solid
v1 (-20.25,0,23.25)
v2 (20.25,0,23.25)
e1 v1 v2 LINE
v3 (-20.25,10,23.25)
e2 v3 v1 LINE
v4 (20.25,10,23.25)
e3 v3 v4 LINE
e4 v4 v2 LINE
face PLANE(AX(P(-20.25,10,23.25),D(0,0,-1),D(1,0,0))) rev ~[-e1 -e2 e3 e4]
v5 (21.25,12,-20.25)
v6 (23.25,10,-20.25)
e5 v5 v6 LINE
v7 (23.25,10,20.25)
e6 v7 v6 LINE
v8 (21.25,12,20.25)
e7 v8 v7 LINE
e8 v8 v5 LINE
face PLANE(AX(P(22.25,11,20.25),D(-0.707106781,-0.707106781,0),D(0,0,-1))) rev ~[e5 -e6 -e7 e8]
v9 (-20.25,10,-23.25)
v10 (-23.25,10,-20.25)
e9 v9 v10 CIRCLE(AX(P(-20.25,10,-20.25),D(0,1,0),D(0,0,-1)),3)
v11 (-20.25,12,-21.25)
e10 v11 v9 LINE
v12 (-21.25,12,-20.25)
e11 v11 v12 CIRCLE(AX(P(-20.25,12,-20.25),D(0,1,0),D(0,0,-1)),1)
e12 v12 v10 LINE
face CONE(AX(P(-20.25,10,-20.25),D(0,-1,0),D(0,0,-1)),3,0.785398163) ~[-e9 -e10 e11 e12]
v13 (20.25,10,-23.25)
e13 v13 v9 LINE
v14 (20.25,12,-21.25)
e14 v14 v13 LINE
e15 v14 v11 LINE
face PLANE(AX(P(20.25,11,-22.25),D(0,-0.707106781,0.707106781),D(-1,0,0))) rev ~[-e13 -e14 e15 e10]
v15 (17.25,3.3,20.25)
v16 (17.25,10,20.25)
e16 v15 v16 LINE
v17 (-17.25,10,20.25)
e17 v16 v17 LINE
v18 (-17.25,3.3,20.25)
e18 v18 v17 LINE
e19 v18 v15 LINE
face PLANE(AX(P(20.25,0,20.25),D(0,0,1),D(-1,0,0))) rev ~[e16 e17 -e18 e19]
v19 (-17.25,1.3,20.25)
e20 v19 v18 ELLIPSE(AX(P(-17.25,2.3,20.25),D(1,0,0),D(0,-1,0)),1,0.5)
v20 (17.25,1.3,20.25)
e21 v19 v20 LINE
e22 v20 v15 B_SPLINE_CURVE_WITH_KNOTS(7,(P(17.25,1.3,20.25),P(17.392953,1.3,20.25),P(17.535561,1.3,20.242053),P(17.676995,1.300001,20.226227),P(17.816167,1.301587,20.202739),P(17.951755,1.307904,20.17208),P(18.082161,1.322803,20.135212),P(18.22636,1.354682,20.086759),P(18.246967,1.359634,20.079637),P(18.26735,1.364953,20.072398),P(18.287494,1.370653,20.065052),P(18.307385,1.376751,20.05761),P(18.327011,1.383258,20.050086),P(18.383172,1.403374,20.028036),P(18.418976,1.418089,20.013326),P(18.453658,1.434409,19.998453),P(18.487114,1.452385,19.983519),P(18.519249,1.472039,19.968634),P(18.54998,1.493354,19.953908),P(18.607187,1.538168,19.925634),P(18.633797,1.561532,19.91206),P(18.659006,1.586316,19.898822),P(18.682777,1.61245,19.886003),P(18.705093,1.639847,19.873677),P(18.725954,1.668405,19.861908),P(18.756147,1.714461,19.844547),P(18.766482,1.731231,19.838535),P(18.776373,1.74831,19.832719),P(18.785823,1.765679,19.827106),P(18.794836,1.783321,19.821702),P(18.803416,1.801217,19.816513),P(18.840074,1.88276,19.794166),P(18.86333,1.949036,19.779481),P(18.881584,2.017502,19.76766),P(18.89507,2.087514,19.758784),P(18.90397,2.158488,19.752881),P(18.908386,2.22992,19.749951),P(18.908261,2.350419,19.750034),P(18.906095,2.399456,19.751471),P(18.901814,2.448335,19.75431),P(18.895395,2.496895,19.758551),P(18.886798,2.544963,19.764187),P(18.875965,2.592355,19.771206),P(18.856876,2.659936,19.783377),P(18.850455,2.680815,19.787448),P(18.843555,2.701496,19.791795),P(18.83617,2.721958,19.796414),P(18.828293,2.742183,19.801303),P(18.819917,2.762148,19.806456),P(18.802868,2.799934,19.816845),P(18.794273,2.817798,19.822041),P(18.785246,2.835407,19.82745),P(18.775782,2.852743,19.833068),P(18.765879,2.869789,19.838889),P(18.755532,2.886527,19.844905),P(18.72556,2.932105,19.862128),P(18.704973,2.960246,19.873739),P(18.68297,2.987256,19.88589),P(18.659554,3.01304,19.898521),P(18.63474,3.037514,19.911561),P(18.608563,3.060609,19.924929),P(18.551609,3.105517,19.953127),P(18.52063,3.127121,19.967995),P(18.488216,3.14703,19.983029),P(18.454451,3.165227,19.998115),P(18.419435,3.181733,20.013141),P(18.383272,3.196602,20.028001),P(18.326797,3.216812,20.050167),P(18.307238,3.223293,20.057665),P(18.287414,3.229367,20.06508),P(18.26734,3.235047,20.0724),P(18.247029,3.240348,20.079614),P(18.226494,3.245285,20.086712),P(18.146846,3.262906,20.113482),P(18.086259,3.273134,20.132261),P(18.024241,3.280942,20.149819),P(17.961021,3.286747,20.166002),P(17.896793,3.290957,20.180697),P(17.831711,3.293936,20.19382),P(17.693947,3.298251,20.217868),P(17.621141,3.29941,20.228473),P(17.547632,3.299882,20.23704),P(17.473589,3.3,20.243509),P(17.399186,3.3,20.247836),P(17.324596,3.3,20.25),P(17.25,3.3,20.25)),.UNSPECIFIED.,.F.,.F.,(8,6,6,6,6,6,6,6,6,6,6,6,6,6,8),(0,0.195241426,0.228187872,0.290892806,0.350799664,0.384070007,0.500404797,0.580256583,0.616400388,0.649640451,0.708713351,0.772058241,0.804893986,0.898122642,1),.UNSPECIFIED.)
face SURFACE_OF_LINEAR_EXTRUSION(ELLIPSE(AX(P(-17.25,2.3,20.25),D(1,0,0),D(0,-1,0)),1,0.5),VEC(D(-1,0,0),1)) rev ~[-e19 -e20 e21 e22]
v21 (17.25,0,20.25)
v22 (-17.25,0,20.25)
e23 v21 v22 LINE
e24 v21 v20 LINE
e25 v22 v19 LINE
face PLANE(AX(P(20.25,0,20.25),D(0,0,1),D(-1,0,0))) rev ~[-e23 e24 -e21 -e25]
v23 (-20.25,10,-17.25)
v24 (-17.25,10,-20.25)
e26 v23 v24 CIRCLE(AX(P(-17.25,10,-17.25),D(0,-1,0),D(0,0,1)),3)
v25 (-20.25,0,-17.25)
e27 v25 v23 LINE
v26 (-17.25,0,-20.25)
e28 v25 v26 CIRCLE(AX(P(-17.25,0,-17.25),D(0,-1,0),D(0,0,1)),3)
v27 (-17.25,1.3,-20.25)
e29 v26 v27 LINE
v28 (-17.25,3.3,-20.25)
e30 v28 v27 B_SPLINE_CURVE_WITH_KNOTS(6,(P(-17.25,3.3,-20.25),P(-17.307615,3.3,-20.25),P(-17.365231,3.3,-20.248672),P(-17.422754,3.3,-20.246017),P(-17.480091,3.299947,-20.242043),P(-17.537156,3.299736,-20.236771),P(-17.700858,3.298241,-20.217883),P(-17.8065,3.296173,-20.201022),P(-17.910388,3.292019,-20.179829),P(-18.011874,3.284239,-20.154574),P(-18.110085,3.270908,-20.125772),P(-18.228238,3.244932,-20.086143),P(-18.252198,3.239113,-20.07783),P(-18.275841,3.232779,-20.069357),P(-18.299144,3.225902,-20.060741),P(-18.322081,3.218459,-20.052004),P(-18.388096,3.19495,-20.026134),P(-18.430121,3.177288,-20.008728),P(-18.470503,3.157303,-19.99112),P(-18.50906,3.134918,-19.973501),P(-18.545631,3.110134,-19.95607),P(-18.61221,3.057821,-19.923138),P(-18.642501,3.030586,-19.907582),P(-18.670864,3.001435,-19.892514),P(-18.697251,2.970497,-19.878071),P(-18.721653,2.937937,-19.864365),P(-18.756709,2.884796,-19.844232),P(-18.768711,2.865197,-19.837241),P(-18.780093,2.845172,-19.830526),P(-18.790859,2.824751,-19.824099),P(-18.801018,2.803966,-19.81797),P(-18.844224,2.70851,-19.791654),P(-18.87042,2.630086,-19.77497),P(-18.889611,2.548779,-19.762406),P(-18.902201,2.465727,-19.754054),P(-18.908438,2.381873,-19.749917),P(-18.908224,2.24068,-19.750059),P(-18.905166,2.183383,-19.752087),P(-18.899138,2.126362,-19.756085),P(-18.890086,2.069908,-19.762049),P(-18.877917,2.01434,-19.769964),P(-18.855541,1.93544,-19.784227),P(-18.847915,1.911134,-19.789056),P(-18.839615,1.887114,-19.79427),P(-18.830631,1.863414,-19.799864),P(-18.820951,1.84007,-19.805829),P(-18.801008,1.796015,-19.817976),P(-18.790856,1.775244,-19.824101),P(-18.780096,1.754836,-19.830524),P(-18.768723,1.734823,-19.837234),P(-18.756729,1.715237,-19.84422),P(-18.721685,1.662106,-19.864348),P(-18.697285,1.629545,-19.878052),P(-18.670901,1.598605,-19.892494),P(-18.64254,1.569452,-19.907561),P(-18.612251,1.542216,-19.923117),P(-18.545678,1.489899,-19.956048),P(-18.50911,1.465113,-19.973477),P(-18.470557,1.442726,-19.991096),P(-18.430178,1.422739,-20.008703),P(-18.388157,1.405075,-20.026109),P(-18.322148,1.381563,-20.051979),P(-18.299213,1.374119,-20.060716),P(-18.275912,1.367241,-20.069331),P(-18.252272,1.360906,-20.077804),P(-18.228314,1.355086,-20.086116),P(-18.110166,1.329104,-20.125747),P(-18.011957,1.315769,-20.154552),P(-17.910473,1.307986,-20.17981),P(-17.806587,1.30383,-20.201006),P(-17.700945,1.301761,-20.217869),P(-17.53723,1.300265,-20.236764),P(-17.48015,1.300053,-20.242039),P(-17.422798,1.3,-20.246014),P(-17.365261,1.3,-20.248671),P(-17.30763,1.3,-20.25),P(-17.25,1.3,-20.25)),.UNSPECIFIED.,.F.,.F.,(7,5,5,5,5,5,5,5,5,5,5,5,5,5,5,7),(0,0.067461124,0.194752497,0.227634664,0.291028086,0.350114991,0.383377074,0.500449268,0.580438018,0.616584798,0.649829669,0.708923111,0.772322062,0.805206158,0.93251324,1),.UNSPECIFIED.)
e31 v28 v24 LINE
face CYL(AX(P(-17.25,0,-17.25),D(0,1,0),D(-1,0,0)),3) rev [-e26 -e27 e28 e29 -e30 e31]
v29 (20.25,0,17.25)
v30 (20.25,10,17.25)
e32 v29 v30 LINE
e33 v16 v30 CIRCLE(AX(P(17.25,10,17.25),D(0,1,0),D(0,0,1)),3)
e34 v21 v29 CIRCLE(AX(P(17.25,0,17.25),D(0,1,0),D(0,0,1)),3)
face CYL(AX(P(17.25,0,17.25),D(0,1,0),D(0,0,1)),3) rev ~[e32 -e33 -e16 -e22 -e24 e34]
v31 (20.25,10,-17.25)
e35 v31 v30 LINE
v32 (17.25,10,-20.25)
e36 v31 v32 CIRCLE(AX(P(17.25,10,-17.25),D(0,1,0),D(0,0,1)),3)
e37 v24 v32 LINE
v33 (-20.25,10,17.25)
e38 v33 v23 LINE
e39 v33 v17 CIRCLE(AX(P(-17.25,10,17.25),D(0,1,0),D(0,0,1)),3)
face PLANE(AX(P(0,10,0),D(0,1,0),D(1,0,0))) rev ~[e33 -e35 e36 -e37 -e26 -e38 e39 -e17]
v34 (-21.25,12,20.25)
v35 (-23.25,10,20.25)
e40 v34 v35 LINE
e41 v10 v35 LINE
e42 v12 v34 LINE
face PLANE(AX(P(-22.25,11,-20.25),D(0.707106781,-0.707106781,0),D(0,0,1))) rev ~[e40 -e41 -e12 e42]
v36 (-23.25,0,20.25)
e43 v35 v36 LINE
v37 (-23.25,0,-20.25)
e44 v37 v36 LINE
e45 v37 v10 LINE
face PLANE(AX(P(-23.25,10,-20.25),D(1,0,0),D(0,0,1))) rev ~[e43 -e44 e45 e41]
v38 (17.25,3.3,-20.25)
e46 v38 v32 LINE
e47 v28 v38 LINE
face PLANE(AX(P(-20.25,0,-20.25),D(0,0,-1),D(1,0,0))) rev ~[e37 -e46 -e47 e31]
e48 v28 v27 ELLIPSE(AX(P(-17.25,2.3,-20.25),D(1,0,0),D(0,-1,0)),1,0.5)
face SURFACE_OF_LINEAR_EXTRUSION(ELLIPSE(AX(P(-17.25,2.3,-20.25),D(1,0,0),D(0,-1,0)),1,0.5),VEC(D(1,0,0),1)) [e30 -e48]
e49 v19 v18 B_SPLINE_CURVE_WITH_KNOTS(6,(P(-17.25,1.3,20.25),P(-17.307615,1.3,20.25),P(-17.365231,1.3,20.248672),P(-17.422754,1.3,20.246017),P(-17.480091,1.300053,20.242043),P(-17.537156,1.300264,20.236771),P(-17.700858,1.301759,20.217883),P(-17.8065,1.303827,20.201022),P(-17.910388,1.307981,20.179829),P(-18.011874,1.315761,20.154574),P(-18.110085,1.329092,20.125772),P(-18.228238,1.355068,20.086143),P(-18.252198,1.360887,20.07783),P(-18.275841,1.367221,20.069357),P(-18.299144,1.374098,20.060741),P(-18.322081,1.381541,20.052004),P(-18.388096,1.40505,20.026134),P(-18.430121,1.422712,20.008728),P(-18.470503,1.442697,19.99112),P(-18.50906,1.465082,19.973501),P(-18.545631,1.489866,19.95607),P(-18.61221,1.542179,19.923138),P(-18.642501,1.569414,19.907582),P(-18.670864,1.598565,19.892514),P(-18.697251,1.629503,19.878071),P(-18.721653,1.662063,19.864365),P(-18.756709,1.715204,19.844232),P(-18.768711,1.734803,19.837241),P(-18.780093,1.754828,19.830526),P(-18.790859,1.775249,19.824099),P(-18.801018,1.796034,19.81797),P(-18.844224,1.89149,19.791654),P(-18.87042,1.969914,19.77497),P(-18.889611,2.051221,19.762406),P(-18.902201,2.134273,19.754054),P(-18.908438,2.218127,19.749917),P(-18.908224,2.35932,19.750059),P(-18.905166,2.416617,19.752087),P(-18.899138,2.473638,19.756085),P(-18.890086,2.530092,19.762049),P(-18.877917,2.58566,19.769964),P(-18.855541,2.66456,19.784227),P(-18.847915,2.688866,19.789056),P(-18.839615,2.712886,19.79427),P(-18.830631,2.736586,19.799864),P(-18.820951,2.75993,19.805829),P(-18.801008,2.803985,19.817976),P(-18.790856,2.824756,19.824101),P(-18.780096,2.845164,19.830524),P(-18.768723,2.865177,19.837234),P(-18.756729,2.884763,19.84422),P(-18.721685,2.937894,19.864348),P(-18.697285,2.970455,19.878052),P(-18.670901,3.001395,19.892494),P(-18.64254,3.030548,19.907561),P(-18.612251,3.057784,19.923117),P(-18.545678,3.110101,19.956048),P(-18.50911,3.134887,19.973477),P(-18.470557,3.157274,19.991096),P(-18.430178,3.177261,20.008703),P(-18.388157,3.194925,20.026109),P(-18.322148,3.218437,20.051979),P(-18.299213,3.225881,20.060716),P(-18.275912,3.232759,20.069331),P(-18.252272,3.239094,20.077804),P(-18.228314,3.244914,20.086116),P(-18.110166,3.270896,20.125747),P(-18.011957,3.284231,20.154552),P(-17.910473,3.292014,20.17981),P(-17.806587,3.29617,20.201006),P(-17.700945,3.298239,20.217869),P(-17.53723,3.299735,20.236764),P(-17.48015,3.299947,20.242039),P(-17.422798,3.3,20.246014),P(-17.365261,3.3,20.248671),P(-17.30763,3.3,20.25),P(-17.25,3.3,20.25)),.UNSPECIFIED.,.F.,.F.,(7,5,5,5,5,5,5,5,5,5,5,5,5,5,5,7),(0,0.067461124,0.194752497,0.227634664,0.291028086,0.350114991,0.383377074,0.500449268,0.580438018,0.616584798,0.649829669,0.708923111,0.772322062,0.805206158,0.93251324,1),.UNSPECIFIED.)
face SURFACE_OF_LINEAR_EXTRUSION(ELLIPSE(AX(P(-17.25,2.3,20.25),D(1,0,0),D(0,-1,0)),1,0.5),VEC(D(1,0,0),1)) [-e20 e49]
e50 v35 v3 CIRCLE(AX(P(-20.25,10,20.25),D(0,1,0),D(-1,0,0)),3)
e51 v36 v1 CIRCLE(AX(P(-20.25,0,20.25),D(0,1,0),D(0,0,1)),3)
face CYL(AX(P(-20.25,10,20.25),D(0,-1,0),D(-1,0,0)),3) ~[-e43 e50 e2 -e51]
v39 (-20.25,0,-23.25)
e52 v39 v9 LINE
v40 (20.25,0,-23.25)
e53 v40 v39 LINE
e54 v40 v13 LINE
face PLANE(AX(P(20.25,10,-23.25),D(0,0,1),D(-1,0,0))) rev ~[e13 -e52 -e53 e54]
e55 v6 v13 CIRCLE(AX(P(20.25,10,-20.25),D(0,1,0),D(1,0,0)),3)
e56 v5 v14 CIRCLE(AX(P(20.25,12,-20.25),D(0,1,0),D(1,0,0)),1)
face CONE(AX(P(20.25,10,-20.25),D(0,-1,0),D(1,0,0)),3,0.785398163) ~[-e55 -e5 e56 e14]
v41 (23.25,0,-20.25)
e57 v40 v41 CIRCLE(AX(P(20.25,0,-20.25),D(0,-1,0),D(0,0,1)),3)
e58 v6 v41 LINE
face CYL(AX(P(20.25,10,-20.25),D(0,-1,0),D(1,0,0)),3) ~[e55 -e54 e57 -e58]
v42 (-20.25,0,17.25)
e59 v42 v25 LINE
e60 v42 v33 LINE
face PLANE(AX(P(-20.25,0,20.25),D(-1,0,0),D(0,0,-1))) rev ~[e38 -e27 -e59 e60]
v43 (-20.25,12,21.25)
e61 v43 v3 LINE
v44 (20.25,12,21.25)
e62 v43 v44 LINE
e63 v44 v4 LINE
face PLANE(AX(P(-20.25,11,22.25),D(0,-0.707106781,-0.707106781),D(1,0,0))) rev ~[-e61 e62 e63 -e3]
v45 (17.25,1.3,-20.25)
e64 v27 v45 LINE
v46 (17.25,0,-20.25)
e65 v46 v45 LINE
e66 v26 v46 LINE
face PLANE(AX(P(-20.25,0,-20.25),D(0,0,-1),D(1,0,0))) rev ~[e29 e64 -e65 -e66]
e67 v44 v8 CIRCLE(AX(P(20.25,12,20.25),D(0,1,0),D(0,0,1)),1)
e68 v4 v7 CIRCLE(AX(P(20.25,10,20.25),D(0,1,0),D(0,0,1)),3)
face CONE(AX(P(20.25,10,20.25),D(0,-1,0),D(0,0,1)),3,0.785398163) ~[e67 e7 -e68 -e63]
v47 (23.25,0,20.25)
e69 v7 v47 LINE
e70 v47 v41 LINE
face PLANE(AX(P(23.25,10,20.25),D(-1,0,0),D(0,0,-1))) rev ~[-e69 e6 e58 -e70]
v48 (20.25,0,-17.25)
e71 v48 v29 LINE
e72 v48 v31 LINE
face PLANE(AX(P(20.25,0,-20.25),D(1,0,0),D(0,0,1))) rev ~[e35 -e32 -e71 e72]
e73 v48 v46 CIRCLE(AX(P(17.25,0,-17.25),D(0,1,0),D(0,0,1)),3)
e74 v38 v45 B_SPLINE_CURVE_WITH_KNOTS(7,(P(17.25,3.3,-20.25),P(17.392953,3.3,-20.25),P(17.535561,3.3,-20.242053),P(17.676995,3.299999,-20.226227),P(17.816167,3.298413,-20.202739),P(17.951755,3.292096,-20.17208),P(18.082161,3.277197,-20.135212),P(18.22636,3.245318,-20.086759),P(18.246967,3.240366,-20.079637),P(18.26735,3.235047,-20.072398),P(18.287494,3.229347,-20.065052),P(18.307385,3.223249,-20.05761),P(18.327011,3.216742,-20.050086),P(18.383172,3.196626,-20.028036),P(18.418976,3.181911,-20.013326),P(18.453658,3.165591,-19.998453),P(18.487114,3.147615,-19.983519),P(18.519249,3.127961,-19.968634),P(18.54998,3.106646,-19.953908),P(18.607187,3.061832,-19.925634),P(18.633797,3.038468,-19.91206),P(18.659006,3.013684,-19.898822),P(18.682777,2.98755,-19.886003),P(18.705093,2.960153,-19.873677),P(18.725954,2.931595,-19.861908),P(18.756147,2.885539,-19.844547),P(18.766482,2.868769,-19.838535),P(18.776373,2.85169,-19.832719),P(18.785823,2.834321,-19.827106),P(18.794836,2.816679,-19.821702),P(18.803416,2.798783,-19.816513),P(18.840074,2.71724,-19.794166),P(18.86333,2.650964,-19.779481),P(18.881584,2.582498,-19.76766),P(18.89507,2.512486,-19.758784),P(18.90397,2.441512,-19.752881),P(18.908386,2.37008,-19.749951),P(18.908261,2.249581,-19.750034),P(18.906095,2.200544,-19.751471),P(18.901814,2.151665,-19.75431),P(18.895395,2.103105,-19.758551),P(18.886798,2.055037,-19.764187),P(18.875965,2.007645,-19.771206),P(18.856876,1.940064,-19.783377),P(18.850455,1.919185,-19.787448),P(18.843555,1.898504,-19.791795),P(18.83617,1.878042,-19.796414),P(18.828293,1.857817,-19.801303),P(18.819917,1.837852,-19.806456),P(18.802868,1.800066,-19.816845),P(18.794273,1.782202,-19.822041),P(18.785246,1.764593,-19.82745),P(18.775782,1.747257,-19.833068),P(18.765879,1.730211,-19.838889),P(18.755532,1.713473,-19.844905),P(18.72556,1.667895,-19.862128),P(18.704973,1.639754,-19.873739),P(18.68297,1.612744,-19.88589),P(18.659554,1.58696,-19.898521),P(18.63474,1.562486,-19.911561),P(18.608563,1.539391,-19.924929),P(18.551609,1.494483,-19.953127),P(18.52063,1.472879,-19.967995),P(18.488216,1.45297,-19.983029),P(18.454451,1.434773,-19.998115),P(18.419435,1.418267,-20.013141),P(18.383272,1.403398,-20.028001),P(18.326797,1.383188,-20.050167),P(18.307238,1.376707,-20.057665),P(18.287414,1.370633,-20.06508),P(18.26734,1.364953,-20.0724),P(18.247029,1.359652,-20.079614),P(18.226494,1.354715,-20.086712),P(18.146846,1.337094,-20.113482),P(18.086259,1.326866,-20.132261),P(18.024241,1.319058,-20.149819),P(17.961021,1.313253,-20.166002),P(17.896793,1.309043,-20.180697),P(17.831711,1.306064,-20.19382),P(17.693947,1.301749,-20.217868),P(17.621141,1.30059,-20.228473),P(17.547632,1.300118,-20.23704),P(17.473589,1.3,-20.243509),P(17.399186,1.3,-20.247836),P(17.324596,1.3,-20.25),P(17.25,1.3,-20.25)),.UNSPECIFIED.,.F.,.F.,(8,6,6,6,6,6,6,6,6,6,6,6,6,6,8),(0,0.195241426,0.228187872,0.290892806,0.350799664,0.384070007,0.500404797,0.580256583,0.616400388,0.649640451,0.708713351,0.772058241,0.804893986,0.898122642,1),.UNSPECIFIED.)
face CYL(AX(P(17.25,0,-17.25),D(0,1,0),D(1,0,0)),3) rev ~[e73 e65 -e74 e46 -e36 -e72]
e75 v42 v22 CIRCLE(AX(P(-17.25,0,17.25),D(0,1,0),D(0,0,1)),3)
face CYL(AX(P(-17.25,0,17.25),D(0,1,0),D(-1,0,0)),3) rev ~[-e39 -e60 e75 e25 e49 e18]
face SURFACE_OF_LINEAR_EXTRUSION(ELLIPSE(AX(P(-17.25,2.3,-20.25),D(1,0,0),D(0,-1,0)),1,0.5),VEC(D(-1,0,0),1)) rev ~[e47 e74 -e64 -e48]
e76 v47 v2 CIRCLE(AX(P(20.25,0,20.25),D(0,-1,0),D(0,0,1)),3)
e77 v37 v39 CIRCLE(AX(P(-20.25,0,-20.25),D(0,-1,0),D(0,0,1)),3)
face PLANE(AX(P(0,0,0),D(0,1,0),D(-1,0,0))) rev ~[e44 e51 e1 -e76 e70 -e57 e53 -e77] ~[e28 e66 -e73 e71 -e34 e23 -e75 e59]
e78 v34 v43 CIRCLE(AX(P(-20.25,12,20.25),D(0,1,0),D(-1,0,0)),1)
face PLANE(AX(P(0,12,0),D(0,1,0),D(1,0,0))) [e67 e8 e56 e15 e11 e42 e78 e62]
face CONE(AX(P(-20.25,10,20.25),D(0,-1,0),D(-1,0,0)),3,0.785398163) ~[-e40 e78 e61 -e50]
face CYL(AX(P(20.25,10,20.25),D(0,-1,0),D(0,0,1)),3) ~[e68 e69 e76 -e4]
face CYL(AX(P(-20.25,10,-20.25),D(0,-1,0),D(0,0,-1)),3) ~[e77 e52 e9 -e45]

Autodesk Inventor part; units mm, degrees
ref_plane "YZ Plane" through (0, 0, 0) normal (1, 0, 0) x (0, 1, 0)
ref_plane "XZ Plane" through (0, 0, 0) normal (0, 1, 0) x (-1, 0, 0)
ref_plane "XY Plane" through (0, 0, 0) normal (0, 0, 1) x (1, 0, 0)
sketch "Sketch1" plane through (0, 0, 0) normal (0, 1, 0) x (-1, 0, 0)
  line L0 (20.25, -20.25) -> (-20.25, -20.25)
  line L1 (-20.25, -20.25) -> (-20.25, 20.25)
  line L2 (-20.25, 20.25) -> (20.25, 20.25)
  line L3 (20.25, 20.25) -> (20.25, -20.25)
  line L4 (23.25, 23.25) -> (-23.25, 23.25)
  line L5 (-23.25, 23.25) -> (-23.25, -23.25)
  line L6 (-23.25, -23.25) -> (23.25, -23.25)
  line L7 (23.25, -23.25) -> (23.25, 23.25)
  point P0 (0, 0)
  point P1 (20.25, 0)
  point P2 (0, -20.25)
  point P3 (23.25, 0)
  point P4 (0, -23.25)
  dimension "d0" = 40.5
  dimension "d1" = 40.5
  dimension "d2" = 46.5
  dimension "d3" = 46.5
extrude "Extrusion1" add sketch "Sketch1" along normal blind 10
fillet "Fillet1" radius 3 8 edges at (-23.25, 5, 23.25) (23.25, 5, 23.25) (23.25, 5, -23.25) (-23.25, 5, -23.25) (-20.25, 5, -20.25) (-20.25, 5, 20.25) (20.25, 5, 20.25) (20.25, 5, -20.25)
ref_plane "Arbeitsebene3" through (-17.25, 0, -20.25) normal (1, 0, 0) x (0, 1, 0)
sketch "Skizze10" plane through (0, 10, 0) normal (0, 1, 0) x (1, 0, 0)
  line L0 (20.25, 23.25) -> (-20.25, 23.25) projected
  arc A0 (-20.25, 23.25) -> (-23.25, 20.25) centre (-20.25, 20.25) ccw projected
  line L1 (-23.25, 20.25) -> (-23.25, -20.25) projected
  arc A1 (-23.25, -20.25) -> (-20.25, -23.25) centre (-20.25, -20.25) ccw projected
  line L2 (-20.25, -23.25) -> (20.25, -23.25) projected
  arc A2 (20.25, -23.25) -> (23.25, -20.25) centre (20.25, -20.25) ccw projected
  line L3 (23.25, -20.25) -> (23.25, 20.25) projected
  arc A3 (23.25, 20.25) -> (20.25, 23.25) centre (20.25, 20.25) ccw projected
  line L4 (-20.25, 23.25) -> (20.25, 23.25)
  line L5 (23.25, 20.25) -> (23.25, -20.25)
  line L6 (20.25, -23.25) -> (-20.25, -23.25)
  line L7 (-23.25, -20.25) -> (-23.25, 20.25)
  arc A4 (-20.25, 23.25) -> (-23.25, 20.25) centre (-20.25, 20.25) ccw
  arc A5 (23.25, 20.25) -> (20.25, 23.25) centre (20.25, 20.25) ccw
  arc A6 (20.25, -23.25) -> (23.25, -20.25) centre (20.25, -20.25) ccw
  arc A7 (-23.25, -20.25) -> (-20.25, -23.25) centre (-20.25, -20.25) ccw
  line L8 (-20.25, -23.25) -> (20.25, -23.25)
  point P0 (0, 0)
extrude "Extrusion6" add sketch "Skizze10" along normal blind 2
sketch "Skizze9" plane through (-17.25, 0, -20.25) normal (1, 0, 0) x (0, 1, 0)
  line L0 (12, 0) -> (0, 0) construction
  line L1 (6.2, 0) -> (6.2, 0.8787) construction
  line L2 (3.3, 0) -> (1.3, 0)
  line L3 (10, 3) -> (10, 37.5) projected
  line L4 (10, 20.25) -> (0, 20.25)
  line L5 (10, 40.5) -> (0, 40.5) construction
  ellipse E0 centre (2.3, 0) end of major axis (1.3, 0) minor radius 0.5
  line L6 (3.3, 0) -> (1.3, 0)
  line L7 (10, 40.5) -> (0, 40.5) construction
  line L8 (3.3, 40.5) -> (1.3, 40.5)
  ellipse E1 centre (2.3, 40.5) end of major axis (1.3, 40.5) minor radius 0.5
  point P0 (4.6, 0)
  point P1 (10, 0)
  point P2 (6.2, 3)
  point P3 (6.2, 15.294)
  point P4 (2.3, 0.5)
  dimension "d51" = 1.6
  dimension "d52" = 2.3
  dimension "d53" = 1
  dimension "d64" = 0.5
chamfer "Fasen1" distance 2 angle 45 8 edges at (-23.25, 12, 0) (-22.3713, 12, 22.3713) (0, 12, 23.25) (22.3713, 12, 22.3713) (23.25, 12, 0) (22.3713, 12, -22.3713) (0, 12, -23.25) (-22.3713, 12, -22.3713)
extrude "Extrusion7" add sketch "Skizze9" along normal blind 37.5 and the other way blind 5 contours L2 E0 | E1 L8 picked at (2.2882, 0.1666) picked at (2.3118, 40.3334)
properties part number "IMU_mount_cover"
